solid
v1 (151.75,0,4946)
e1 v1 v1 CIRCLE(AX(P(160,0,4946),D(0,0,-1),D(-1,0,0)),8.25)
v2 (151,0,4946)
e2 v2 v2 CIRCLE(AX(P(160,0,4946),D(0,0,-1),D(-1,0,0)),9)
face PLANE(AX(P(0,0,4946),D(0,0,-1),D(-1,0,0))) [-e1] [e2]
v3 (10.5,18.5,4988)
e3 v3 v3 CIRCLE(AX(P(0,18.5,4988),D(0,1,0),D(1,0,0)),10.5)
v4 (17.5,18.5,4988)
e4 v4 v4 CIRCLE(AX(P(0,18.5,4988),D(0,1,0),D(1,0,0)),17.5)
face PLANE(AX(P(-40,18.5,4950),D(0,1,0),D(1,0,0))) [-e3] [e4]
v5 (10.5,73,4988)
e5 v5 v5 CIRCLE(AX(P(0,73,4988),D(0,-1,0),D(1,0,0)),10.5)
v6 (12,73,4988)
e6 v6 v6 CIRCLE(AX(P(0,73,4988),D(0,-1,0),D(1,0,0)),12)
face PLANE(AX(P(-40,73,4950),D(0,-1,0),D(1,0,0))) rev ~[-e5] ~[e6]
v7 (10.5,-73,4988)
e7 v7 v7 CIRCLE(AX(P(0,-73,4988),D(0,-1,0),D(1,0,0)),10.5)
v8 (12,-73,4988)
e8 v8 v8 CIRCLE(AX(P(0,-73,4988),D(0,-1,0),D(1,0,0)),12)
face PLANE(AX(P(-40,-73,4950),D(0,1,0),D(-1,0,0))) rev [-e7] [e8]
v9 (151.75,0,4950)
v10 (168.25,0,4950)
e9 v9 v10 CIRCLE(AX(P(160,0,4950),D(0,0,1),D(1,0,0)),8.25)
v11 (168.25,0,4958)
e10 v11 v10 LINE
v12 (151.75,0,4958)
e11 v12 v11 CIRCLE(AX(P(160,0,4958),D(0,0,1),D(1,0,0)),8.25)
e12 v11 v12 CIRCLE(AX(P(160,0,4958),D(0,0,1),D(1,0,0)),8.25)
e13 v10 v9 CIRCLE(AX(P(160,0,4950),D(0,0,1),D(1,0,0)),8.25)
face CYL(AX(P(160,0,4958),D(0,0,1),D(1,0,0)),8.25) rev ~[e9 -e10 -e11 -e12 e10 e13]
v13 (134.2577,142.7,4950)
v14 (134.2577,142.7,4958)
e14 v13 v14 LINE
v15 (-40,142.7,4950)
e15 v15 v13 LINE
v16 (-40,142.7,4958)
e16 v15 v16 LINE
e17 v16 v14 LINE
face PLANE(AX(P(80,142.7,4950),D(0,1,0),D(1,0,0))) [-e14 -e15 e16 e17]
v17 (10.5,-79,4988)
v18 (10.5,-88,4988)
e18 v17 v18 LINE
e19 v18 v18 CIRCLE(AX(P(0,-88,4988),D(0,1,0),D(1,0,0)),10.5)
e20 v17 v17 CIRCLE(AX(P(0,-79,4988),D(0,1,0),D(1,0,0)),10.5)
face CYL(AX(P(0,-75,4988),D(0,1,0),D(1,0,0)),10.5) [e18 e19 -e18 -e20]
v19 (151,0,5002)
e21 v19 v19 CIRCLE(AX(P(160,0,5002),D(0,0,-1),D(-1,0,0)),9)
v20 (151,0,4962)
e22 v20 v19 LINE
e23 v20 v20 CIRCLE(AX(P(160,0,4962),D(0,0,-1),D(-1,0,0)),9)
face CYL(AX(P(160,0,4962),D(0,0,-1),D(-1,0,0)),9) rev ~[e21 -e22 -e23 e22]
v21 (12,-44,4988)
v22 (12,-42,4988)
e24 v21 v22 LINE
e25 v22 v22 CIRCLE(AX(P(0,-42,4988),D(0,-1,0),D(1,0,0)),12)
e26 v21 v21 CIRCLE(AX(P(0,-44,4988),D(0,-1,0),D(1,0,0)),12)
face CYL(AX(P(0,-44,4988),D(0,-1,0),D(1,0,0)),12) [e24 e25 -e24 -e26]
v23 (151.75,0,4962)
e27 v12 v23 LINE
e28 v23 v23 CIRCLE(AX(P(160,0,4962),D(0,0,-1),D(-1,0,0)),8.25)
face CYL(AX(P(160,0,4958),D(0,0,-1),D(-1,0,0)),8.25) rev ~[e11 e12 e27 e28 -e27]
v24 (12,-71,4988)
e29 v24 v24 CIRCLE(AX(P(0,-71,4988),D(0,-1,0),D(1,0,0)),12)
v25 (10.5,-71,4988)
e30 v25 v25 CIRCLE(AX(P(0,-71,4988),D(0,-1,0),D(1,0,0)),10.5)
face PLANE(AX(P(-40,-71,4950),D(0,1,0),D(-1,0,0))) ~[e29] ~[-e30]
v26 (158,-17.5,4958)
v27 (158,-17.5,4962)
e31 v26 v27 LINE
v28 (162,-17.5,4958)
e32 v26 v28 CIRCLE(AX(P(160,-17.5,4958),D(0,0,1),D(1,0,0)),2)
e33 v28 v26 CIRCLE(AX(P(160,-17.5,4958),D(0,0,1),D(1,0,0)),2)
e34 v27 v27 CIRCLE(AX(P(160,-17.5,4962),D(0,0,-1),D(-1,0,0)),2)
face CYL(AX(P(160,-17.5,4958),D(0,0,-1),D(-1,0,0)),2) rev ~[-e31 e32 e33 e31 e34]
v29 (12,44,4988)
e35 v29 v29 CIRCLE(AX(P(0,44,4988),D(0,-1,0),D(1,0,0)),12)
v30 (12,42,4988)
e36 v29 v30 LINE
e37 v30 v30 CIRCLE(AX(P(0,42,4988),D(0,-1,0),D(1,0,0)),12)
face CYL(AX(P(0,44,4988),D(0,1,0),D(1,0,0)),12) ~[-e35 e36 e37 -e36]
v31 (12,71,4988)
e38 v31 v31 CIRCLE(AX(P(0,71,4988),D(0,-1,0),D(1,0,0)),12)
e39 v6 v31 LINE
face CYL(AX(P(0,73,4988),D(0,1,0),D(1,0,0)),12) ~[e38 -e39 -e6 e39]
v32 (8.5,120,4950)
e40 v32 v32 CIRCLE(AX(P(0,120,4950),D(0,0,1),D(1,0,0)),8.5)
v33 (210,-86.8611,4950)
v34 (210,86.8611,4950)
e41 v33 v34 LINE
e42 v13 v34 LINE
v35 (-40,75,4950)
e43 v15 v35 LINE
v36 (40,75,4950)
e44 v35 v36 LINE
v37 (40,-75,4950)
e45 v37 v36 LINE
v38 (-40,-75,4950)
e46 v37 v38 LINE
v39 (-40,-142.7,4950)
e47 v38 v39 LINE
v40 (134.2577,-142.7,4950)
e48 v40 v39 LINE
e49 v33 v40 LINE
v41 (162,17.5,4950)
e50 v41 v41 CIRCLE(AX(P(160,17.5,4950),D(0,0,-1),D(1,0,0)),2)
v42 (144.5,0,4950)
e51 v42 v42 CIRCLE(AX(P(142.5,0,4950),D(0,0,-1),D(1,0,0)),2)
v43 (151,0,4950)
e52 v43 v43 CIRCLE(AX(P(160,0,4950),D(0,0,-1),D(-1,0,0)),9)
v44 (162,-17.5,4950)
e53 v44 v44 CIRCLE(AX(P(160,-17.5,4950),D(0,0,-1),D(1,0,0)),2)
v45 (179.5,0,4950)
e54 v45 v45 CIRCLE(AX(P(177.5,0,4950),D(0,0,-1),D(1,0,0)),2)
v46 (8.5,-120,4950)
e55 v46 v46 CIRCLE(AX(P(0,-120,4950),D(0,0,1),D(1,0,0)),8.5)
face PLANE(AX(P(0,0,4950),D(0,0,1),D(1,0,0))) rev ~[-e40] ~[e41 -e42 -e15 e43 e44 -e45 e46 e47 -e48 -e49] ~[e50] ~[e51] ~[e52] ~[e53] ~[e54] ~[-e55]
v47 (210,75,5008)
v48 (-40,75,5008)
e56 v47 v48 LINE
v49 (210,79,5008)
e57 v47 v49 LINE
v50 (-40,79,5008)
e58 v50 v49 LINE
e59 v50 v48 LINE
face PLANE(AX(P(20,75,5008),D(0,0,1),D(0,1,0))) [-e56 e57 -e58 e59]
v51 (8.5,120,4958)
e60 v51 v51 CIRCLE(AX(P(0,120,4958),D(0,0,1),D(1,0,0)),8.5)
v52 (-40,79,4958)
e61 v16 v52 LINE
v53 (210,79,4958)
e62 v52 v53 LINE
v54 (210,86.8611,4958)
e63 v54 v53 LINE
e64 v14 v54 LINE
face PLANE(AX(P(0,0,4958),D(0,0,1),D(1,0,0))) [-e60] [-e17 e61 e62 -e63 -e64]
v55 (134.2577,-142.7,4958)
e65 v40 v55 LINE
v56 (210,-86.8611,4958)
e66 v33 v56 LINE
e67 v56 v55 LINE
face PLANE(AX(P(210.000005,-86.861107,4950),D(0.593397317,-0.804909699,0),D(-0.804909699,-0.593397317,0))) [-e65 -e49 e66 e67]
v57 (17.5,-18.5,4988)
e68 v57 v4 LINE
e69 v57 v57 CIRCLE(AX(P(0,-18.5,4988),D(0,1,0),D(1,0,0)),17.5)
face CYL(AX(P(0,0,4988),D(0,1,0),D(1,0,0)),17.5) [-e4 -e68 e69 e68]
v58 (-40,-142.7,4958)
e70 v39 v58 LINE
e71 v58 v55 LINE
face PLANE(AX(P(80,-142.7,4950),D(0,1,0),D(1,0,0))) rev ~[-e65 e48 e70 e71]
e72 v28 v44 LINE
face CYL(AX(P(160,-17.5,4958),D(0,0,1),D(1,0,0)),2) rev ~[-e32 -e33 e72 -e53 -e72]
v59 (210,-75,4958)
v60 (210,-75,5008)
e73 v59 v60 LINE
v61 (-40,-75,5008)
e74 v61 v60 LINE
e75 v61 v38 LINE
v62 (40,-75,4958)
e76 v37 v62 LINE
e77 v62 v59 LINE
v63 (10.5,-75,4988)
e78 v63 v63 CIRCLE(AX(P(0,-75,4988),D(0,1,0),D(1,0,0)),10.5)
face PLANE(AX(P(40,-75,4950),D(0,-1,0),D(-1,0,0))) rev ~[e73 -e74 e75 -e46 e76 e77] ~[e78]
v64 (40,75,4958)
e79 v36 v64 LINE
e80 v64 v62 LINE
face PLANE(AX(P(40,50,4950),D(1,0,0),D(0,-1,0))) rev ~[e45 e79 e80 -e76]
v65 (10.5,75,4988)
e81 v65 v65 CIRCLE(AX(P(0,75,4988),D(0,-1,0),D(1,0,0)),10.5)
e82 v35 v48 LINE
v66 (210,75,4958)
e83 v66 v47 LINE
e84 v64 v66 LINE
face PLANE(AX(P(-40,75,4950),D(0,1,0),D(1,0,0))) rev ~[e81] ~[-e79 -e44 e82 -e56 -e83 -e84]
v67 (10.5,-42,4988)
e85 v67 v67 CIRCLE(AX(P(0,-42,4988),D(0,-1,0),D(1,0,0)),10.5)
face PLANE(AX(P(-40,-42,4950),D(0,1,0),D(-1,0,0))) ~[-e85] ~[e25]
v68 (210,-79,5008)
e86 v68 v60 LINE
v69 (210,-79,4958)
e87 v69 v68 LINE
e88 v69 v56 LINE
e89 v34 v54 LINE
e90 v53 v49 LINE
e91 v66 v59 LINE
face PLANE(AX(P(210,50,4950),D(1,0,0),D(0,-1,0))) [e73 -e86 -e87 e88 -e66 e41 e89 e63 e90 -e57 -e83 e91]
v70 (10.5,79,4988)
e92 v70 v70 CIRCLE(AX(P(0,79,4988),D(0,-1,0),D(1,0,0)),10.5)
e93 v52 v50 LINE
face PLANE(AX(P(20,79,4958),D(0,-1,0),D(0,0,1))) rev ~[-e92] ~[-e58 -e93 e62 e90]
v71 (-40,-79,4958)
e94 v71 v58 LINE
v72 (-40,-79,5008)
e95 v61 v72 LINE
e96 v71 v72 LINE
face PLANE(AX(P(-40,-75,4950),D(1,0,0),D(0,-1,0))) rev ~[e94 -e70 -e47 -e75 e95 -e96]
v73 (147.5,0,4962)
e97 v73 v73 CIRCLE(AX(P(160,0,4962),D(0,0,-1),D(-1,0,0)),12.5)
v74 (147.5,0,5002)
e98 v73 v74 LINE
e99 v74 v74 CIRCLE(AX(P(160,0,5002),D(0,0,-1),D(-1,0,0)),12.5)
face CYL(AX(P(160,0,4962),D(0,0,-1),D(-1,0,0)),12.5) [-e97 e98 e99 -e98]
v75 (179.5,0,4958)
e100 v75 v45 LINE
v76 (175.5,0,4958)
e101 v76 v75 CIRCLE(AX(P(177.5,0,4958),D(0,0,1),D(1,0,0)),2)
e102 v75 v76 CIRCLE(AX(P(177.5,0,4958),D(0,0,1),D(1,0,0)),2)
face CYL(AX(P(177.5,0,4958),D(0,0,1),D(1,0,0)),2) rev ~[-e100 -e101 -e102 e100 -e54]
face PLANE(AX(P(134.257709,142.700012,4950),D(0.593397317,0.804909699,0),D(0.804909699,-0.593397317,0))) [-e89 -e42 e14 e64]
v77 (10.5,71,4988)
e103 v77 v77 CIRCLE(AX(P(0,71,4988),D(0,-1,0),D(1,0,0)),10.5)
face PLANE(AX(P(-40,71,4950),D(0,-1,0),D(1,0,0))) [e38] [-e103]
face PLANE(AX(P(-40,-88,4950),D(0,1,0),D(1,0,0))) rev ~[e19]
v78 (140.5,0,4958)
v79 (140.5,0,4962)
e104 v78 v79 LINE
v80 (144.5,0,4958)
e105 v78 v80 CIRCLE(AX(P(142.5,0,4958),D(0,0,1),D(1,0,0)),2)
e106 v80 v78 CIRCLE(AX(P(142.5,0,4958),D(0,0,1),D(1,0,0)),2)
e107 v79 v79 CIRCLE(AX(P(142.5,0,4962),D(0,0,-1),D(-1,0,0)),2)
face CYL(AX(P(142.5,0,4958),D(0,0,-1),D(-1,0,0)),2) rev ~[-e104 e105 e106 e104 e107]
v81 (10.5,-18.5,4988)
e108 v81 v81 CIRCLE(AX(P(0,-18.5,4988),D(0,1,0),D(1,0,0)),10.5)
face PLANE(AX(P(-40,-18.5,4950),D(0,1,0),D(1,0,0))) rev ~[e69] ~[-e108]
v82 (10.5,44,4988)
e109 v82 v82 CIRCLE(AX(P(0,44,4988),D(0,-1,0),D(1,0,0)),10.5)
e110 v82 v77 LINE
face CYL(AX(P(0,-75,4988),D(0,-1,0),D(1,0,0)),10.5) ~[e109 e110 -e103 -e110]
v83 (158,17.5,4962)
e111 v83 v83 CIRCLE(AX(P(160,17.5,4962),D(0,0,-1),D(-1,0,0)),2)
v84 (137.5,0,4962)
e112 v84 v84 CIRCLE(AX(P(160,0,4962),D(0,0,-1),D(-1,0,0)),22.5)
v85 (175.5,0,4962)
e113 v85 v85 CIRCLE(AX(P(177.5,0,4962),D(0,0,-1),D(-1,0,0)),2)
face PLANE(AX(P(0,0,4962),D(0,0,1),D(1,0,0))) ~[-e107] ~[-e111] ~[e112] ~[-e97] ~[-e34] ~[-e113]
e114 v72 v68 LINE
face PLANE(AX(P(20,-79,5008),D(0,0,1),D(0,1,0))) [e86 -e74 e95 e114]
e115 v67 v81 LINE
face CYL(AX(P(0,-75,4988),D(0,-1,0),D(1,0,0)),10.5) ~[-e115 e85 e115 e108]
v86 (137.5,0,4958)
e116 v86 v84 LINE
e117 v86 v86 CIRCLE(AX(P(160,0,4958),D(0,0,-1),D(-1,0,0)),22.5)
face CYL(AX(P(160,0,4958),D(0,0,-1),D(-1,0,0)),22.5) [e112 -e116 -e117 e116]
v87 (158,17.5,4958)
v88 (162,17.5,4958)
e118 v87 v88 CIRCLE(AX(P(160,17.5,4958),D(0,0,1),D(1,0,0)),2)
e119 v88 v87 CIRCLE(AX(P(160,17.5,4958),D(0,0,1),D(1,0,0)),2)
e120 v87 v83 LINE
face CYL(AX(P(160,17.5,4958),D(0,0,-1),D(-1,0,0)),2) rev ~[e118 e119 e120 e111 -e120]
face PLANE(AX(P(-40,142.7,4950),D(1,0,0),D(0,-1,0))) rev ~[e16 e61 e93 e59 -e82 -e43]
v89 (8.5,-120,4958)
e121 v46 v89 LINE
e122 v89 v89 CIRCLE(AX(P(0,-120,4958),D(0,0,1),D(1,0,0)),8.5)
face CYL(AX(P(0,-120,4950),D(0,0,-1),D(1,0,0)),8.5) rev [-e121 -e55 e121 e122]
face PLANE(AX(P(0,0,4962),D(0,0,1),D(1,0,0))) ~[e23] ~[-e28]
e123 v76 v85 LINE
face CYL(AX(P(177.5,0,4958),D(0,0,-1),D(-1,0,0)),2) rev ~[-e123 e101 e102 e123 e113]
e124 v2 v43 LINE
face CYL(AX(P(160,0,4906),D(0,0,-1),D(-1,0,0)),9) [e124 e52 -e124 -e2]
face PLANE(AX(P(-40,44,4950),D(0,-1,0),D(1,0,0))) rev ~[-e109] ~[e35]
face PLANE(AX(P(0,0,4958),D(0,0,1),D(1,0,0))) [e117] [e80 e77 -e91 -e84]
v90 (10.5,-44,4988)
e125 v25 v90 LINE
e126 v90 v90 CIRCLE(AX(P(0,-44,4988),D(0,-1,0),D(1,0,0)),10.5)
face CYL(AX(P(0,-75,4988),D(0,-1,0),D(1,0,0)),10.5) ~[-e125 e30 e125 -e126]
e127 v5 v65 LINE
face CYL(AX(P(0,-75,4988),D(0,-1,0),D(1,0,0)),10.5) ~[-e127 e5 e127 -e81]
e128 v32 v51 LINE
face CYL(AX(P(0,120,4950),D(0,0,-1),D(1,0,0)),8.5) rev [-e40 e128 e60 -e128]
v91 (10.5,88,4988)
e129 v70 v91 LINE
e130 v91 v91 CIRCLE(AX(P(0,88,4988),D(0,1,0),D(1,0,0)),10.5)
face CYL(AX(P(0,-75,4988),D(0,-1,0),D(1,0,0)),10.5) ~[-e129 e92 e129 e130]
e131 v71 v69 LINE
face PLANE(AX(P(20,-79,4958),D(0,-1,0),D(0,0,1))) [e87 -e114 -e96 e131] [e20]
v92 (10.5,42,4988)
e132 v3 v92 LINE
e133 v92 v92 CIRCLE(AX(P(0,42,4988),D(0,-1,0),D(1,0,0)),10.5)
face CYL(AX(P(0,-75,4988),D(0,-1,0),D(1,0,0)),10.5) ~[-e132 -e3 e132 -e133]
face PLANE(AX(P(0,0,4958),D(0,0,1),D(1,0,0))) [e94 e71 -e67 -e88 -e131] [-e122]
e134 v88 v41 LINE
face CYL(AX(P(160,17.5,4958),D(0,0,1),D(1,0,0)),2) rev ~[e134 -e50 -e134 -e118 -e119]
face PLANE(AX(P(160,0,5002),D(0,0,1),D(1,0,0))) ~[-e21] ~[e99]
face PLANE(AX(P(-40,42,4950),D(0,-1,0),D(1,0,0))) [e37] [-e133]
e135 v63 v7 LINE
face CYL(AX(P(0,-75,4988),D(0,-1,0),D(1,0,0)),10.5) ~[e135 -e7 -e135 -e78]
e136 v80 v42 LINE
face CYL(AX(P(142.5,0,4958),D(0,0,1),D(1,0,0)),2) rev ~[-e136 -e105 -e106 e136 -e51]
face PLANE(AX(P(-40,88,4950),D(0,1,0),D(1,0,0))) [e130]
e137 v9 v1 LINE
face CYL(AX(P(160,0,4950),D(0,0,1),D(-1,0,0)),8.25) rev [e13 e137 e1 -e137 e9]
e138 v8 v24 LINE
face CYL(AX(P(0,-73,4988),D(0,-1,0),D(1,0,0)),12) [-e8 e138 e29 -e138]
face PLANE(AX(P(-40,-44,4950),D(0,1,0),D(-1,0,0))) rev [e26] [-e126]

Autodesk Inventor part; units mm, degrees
ref_plane "Work Plane1" through (0, 0, 4950) normal (0, 0, 1) x (1, 0, 0)
sketch "Sketch1" plane through (0, 0, 4950) normal (0, 0, 1) x (1, 0, 0)
  circle A0 centre (180, 0) radius 12.5 projected
  circle A1 centre (180, 17.5) radius 2 projected
  circle A2 centre (197.5, 0) radius 2 projected
  circle A3 centre (162.5, 0) radius 2 projected
  circle A4 centre (180, -17.5) radius 2 projected
  line L0 (40, 182.7) -> (-40, 182.7) projected
  line L1 (-40, 182.7) -> (-40, -182.7) projected
  line L2 (-40, -182.7) -> (40, -182.7) projected
  line L3 (40, -182.7) -> (40, -50) projected
  line L4 (40, -50) -> (260, -50) projected
  line L5 (260, -50) -> (260, 50) projected
  line L6 (260, 50) -> (40, 50) projected
  line L7 (40, 50) -> (40, 182.7) projected
  circle A5 centre (0, 120) radius 8 projected
  circle A6 centre (0, -120) radius 8 projected
  circle A7 centre (0, -120) radius 8.5
  circle A8 centre (0, 120) radius 8.5
  line L8 (40, 182.7) -> (40, -182.7)
  line L9 (40, -182.7) -> (80, -182.7)
  line L10 (80, -182.7) -> (80, 182.7)
  line L11 (80, 182.7) -> (40, 182.7)
  line L12 (-40, 75) -> (40, 75)
  line L13 (40, 75) -> (40, -75)
  line L14 (40, -75) -> (-40, -75)
  line L15 (80, 182.7) -> (260, 50)
  line L16 (260, -50) -> (80, -182.7)
  line L17 (80, -142.7) -> (-40, -142.7)
  line L18 (-40, 142.7) -> (80, 142.7)
  line L19 (80, 142.7) -> (134.2577, 142.7)
  line L20 (80, -142.7) -> (134.2577, -142.7)
  line L21 (210, 86.8611) -> (210, -86.8611)
  point P0 (0, 0)
  point P1 (40, 75)
  dimension "d0" = 17
  dimension "d1" = 17
  dimension "d2" = 40
  dimension "d3" = 40
  dimension "d4" = 75
  dimension "d5" = 75
  dimension "d23" = 40
  dimension "d24" = 40
  dimension "d25" = 50
extrude "Extrusion1" add sketch "Sketch1" along normal blind 8 contours A0 | A1 | A2 | A3 | A4 | L18 L10 L6 L7 | L7 L12 L1 L18 | L19 L15 L21 L6 L10 | L6 L10 L4 L8 | L6 L21 L4 L10 | L14 L3 L17 L1 | L4 L10 L17 L3 | L4 L21 L16 L20 L10
sketch "Sketch2" plane through (0, 0, 4958) normal (0, 0, 1) x (1, 0, 0)
  line L0 (-40, 75) -> (40, 75) projected
  line L1 (-40, 75) -> (40, 75)
  line L2 (40, 75) -> (40, 79)
  line L3 (40, 79) -> (-40, 79)
  line L4 (-40, 79) -> (-40, 75)
  line L5 (40, -75) -> (-40, -75) projected
  line L6 (40, -75) -> (-40, -75)
  line L7 (-40, -75) -> (-40, -79)
  line L8 (-40, -79) -> (40, -79)
  line L9 (40, -79) -> (40, -75)
  line L10 (-20, 79) -> (-20, -79)
  line L11 (20, -79) -> (20, 79)
  point P0 (0, 0)
  point P1 (20, 75)
  point P2 (-20, 75)
  point P3 (20, -75)
  point P4 (-20, -75)
  dimension "d8" = 4
  dimension "d9" = 4
  dimension "d12" = 20
  dimension "d13" = 20
extrude "Extrusion2" add sketch "Sketch2" along normal blind 50 contours L10 L3 L11 L0 | L5 L11 L8 L10
sketch "Sketch3" plane through (-40, -75, 4950) normal (0, 1, 0) x (1, 0, 0)
  circle A0 centre (40, -38) radius 10.5
  line L0 (60, -58) -> (20, -58) projected
  line L1 (20, -8) -> (20, -58) projected
  point P0 (40, 4950)
  dimension "d16" = 21
  dimension "d17" = 20
  dimension "d18" = 20
extrude "Extrusion3" add sketch "Sketch3" along normal blind 163 and the other way blind 13
sketch "Sketch4" plane through (0, 0, 4958) normal (0, 0, 1) x (1, 0, 0)
  circle A0 centre (160, 17.5) radius 2 projected
  circle A1 centre (177.5, 0) radius 2 projected
  circle A2 centre (0, -120) radius 8 projected
  circle A3 centre (142.5, 0) radius 2 projected
  circle A4 centre (160, -17.5) radius 2 projected
  circle A5 centre (0, 120) radius 8 projected
  line L0 (30, 157.3) -> (30, 182.7) projected
  line L1 (40, 182.7) -> (30, 182.7) projected
  line L2 (40, 50) -> (40, 182.7) projected
  line L3 (260, 50) -> (40, 50) projected
  line L4 (260, -50) -> (260, 50) projected
  line L5 (40, -50) -> (260, -50) projected
  line L6 (40, -182.7) -> (40, -50) projected
  line L7 (30, -182.7) -> (40, -182.7) projected
  line L8 (30, -182.7) -> (30, -157.3) projected
  line L9 (30, -157.3) -> (-30, -157.3) projected
  line L10 (-30, -157.3) -> (-30, -182.7) projected
  line L11 (-40, -182.7) -> (-30, -182.7) projected
  line L12 (-40, 182.7) -> (-40, -182.7) projected
  line L13 (-30, 182.7) -> (-40, 182.7) projected
  line L14 (-30, 182.7) -> (-30, 157.3) projected
  line L15 (-30, 157.3) -> (30, 157.3) projected
  line L16 (250, 25.4) -> (224.6, 25.4) projected
  line L17 (224.6, 25.4) -> (224.6, -25.4) projected
  line L18 (224.6, -25.4) -> (250, -25.4) projected
  line L19 (250, -25.4) -> (250, 25.4) projected
  circle A6 centre (160, 0) radius 10 projected
  point P0 (0, 0)
extrude "Extrusion4" cut sketch "Sketch4" against normal up to surface (8 mm away) contours A0 | A1 | A3 | A4
sketch "Sketch5" plane through (0, 0, 4958) normal (0, 0, 1) x (1, 0, 0)
  circle A0 centre (160, 0) radius 7.5 projected
  circle A1 centre (160, 0) radius 8.25
  point P0 (0, 0)
  dimension "d28" = 16.5
extrude "Extrusion5" cut sketch "Sketch5" against normal blind 10 contours A0 | A1
sketch "Sketch6" plane through (0, 0, 4950) normal (0, 0, -1) x (-1, 0, 0)
  circle A0 centre (-142.5, 0) radius 2 projected
  circle A1 centre (-177.5, 0) radius 2 projected
  circle A2 centre (-160, 17.5) radius 2 projected
  circle A3 centre (-160, -17.5) radius 2 projected
  line L0 (-134.2577, 142.7) -> (40, 142.7) projected
  line L1 (-210, 86.8611) -> (-134.2577, 142.7) projected
  line L2 (-210, -86.8611) -> (-210, 86.8611) projected
  line L3 (-134.2577, -142.7) -> (-210, -86.8611) projected
  line L4 (40, -142.7) -> (-134.2577, -142.7) projected
  line L5 (40, -75) -> (40, -142.7) projected
  line L6 (-40, -75) -> (40, -75) projected
  line L7 (-40, 75) -> (-40, -75) projected
  line L8 (40, 75) -> (-40, 75) projected
  line L9 (40, 142.7) -> (40, 75) projected
  circle A4 centre (0, -120) radius 8.5 projected
  circle A5 centre (0, 120) radius 8.5 projected
  circle A6 centre (-160, 0) radius 8.25 projected
  circle A7 centre (-160, 0) radius 22.5
  point P0 (0, 0)
  dimension "d31" = 45
extrude "Extrusion6" add sketch "Sketch6" along normal blind 4 contours A7
sketch "Sketch7" plane through (160, 0, 4946) normal (0, 0, -1) x (-1, 0, 0)
  circle A0 centre (0, 0) radius 22.5 projected
  circle A1 centre (0, 0) radius 12.5
  circle A2 centre (0, 0) radius 9
  point P0 (160, 0)
  dimension "d34" = 25
  dimension "d47" = 18
extrude "Extrusion7" add sketch "Sketch7" along normal blind 40 contours A1
sketch "Sketch9" plane through (0, 0, 5008) normal (0, 0, 1) x (1, 0, 0)
  circle A0 centre (160, 0) radius 8.25 construction
  circle A1 centre (142.5, 0) radius 2 construction
  circle A2 centre (177.5, 0) radius 2 construction
  circle A3 centre (160, 17.5) radius 2 construction
  circle A4 centre (160, -17.5) radius 2 construction
  line L0 (20, 79) -> (20, 75) projected
  line L1 (20, 75) -> (40, 75) projected
  line L2 (40, 75) -> (40, -75) projected
  line L3 (40, -75) -> (20, -75) projected
  line L4 (20, -75) -> (20, -79) projected
  line L5 (20, -79) -> (-20, -79) projected
  line L6 (-20, -79) -> (-20, -75) projected
  line L7 (-20, -75) -> (-40, -75) projected
  line L8 (-40, -75) -> (-40, -142.7) projected
  line L9 (-40, -142.7) -> (134.2577, -142.7) projected
  line L10 (134.2577, -142.7) -> (210, -86.8611) projected
  line L11 (210, -86.8611) -> (210, 86.8611) projected
  line L12 (210, 86.8611) -> (134.2577, 142.7) projected
  line L13 (134.2577, 142.7) -> (-40, 142.7) projected
  line L14 (-40, 142.7) -> (-40, 75) projected
  line L15 (-40, 75) -> (-20, 75) projected
  line L16 (-20, 75) -> (-20, 79) projected
  line L17 (-20, 79) -> (20, 79) projected
  circle A5 centre (0, -120) radius 8.5 projected
  circle A6 centre (0, 120) radius 8.5 projected
  circle A7 centre (160, 0) radius 12.5 projected
  circle A8 centre (160, 0) radius 9
  line L18 (20, -75) -> (-20, -75) projected
  line L19 (-20, 75) -> (20, 75) projected
  point P0 (0, 0)
  dimension "d37" = 18
extrude "Extrusion8" [suppressed]
sketch "Sketch10" plane through (0, 0, 5012) normal (0, 0, 1) x (1, 0, 0)
  circle A0 centre (120, -75) radius 6
  circle A1 centre (90, 0) radius 6
  circle A2 centre (120, 75) radius 6
  circle A3 centre (160, 0) radius 12.5 projected
  point P0 (0, 0)
  dimension "d40" = 70
  dimension "d41" = 75
  dimension "d42" = 75
  dimension "d43" = 40
  dimension "d44" = 12
extrude "Extrusion9" [suppressed]
sketch "Sketch11" plane through (20, -79, 4958) normal (1, 0, 0) x (0, 0, -1)
  line L0 (0, 4) -> (0, 0) projected
  line L1 (0, 4) -> (-50, 4) projected
  line L2 (-50, 0) -> (-50, 4) projected
  line L3 (0, 0) -> (-50, 0) projected
  line L4 (0, 158) -> (0, 154) projected
  line L5 (0, 158) -> (-50, 158) projected
  line L6 (-50, 154) -> (-50, 158) projected
  line L7 (0, 154) -> (-50, 154) projected
  point P0 (4958, 79)
extrude "Extrusion10" add sketch "Sketch11" along normal blind 190
sketch "Sketch12" plane through (-20, -79, 4958) normal (-1, 0, 0) x (0, 0, 1)
  line L0 (0, 154) -> (0, 158) projected
  line L1 (0, 154) -> (50, 154) projected
  line L2 (50, 158) -> (50, 154) projected
  line L3 (0, 158) -> (50, 158) projected
  line L4 (0, 0) -> (0, 4) projected
  line L5 (0, 0) -> (50, 0) projected
  line L6 (50, 4) -> (50, 0) projected
  line L7 (0, 4) -> (50, 4) projected
  point P0 (-4958, 79)
extrude "Extrusion11" add sketch "Sketch12" along normal up to surface (20 mm away)
ref_plane "Work Plane2" through (0, 0, 4954) normal (0, 0, 1) x (1, 0, 0)
mirror "Mirror1" about plane through (0, 0, 4954) normal (0, 0, 1) of "Extrusion6", "Extrusion7"
sketch "Sketch13" plane through (160, 0, 4906) normal (0, 0, -1) x (-1, 0, 0)
  circle A0 centre (0, 0) radius 9 projected
  circle A1 centre (4, 28) radius 75.6042
  point P0 (160, 0)
extrude "Extrusion12" cut sketch "Sketch13" against normal up to surface (44 mm away)
ref_plane "Work Plane3" through (-40, 73, 4950) normal (0, -1, 0) x (1, 0, 0)
sketch "Sketch14" plane through (-40, 73, 4950) normal (0, -1, 0) x (1, 0, 0)
  circle A0 centre (40, 38) radius 10.5 projected
  line L0 (0, 8) -> (250, 8) projected
  line L1 (0, 8) -> (0, 58) projected
  line L2 (0, 58) -> (250, 58) projected
  line L3 (250, 8) -> (250, 58) projected
  circle A1 centre (40, 38) radius 12
  point P0 (40, -4950)
  dimension "d55" = 24
extrude "Extrusion13" add sketch "Sketch14" along normal blind 2 contours A1
mirror "Mirror2" about plane through (0, 0, 0) normal (0, 1, 0) of "Extrusion13"
ref_plane "Work Plane4" through (-40, 0, 4950) normal (0, 1, 0) x (1, 0, 0)
sketch "Sketch15" plane through (-40, 0, 4950) normal (0, 1, 0) x (1, 0, 0)
  circle A0 centre (40, -38) radius 10.5 projected
  circle A1 centre (40, -38) radius 10.5 projected
  circle A2 centre (40, -38) radius 17.5
  point P0 (40, 4950)
  dimension "d58" = 35
extrude "Extrusion14" add sketch "Sketch15" along normal mid plane 37
pattern_linear "Rectangular Pattern1" count 2 spacing 29 along (0, -1, 0) of "Extrusion13"
mirror "Mirror3" about plane through (0, 0, 0) normal (0, 1, 0) of "Extrusion13", "Rectangular Pattern1"
equation "\"d4\" = d5"
equation "\"d8\" = d9"
properties part number "base for ball scew -bolt" material "Steel, Mild"
